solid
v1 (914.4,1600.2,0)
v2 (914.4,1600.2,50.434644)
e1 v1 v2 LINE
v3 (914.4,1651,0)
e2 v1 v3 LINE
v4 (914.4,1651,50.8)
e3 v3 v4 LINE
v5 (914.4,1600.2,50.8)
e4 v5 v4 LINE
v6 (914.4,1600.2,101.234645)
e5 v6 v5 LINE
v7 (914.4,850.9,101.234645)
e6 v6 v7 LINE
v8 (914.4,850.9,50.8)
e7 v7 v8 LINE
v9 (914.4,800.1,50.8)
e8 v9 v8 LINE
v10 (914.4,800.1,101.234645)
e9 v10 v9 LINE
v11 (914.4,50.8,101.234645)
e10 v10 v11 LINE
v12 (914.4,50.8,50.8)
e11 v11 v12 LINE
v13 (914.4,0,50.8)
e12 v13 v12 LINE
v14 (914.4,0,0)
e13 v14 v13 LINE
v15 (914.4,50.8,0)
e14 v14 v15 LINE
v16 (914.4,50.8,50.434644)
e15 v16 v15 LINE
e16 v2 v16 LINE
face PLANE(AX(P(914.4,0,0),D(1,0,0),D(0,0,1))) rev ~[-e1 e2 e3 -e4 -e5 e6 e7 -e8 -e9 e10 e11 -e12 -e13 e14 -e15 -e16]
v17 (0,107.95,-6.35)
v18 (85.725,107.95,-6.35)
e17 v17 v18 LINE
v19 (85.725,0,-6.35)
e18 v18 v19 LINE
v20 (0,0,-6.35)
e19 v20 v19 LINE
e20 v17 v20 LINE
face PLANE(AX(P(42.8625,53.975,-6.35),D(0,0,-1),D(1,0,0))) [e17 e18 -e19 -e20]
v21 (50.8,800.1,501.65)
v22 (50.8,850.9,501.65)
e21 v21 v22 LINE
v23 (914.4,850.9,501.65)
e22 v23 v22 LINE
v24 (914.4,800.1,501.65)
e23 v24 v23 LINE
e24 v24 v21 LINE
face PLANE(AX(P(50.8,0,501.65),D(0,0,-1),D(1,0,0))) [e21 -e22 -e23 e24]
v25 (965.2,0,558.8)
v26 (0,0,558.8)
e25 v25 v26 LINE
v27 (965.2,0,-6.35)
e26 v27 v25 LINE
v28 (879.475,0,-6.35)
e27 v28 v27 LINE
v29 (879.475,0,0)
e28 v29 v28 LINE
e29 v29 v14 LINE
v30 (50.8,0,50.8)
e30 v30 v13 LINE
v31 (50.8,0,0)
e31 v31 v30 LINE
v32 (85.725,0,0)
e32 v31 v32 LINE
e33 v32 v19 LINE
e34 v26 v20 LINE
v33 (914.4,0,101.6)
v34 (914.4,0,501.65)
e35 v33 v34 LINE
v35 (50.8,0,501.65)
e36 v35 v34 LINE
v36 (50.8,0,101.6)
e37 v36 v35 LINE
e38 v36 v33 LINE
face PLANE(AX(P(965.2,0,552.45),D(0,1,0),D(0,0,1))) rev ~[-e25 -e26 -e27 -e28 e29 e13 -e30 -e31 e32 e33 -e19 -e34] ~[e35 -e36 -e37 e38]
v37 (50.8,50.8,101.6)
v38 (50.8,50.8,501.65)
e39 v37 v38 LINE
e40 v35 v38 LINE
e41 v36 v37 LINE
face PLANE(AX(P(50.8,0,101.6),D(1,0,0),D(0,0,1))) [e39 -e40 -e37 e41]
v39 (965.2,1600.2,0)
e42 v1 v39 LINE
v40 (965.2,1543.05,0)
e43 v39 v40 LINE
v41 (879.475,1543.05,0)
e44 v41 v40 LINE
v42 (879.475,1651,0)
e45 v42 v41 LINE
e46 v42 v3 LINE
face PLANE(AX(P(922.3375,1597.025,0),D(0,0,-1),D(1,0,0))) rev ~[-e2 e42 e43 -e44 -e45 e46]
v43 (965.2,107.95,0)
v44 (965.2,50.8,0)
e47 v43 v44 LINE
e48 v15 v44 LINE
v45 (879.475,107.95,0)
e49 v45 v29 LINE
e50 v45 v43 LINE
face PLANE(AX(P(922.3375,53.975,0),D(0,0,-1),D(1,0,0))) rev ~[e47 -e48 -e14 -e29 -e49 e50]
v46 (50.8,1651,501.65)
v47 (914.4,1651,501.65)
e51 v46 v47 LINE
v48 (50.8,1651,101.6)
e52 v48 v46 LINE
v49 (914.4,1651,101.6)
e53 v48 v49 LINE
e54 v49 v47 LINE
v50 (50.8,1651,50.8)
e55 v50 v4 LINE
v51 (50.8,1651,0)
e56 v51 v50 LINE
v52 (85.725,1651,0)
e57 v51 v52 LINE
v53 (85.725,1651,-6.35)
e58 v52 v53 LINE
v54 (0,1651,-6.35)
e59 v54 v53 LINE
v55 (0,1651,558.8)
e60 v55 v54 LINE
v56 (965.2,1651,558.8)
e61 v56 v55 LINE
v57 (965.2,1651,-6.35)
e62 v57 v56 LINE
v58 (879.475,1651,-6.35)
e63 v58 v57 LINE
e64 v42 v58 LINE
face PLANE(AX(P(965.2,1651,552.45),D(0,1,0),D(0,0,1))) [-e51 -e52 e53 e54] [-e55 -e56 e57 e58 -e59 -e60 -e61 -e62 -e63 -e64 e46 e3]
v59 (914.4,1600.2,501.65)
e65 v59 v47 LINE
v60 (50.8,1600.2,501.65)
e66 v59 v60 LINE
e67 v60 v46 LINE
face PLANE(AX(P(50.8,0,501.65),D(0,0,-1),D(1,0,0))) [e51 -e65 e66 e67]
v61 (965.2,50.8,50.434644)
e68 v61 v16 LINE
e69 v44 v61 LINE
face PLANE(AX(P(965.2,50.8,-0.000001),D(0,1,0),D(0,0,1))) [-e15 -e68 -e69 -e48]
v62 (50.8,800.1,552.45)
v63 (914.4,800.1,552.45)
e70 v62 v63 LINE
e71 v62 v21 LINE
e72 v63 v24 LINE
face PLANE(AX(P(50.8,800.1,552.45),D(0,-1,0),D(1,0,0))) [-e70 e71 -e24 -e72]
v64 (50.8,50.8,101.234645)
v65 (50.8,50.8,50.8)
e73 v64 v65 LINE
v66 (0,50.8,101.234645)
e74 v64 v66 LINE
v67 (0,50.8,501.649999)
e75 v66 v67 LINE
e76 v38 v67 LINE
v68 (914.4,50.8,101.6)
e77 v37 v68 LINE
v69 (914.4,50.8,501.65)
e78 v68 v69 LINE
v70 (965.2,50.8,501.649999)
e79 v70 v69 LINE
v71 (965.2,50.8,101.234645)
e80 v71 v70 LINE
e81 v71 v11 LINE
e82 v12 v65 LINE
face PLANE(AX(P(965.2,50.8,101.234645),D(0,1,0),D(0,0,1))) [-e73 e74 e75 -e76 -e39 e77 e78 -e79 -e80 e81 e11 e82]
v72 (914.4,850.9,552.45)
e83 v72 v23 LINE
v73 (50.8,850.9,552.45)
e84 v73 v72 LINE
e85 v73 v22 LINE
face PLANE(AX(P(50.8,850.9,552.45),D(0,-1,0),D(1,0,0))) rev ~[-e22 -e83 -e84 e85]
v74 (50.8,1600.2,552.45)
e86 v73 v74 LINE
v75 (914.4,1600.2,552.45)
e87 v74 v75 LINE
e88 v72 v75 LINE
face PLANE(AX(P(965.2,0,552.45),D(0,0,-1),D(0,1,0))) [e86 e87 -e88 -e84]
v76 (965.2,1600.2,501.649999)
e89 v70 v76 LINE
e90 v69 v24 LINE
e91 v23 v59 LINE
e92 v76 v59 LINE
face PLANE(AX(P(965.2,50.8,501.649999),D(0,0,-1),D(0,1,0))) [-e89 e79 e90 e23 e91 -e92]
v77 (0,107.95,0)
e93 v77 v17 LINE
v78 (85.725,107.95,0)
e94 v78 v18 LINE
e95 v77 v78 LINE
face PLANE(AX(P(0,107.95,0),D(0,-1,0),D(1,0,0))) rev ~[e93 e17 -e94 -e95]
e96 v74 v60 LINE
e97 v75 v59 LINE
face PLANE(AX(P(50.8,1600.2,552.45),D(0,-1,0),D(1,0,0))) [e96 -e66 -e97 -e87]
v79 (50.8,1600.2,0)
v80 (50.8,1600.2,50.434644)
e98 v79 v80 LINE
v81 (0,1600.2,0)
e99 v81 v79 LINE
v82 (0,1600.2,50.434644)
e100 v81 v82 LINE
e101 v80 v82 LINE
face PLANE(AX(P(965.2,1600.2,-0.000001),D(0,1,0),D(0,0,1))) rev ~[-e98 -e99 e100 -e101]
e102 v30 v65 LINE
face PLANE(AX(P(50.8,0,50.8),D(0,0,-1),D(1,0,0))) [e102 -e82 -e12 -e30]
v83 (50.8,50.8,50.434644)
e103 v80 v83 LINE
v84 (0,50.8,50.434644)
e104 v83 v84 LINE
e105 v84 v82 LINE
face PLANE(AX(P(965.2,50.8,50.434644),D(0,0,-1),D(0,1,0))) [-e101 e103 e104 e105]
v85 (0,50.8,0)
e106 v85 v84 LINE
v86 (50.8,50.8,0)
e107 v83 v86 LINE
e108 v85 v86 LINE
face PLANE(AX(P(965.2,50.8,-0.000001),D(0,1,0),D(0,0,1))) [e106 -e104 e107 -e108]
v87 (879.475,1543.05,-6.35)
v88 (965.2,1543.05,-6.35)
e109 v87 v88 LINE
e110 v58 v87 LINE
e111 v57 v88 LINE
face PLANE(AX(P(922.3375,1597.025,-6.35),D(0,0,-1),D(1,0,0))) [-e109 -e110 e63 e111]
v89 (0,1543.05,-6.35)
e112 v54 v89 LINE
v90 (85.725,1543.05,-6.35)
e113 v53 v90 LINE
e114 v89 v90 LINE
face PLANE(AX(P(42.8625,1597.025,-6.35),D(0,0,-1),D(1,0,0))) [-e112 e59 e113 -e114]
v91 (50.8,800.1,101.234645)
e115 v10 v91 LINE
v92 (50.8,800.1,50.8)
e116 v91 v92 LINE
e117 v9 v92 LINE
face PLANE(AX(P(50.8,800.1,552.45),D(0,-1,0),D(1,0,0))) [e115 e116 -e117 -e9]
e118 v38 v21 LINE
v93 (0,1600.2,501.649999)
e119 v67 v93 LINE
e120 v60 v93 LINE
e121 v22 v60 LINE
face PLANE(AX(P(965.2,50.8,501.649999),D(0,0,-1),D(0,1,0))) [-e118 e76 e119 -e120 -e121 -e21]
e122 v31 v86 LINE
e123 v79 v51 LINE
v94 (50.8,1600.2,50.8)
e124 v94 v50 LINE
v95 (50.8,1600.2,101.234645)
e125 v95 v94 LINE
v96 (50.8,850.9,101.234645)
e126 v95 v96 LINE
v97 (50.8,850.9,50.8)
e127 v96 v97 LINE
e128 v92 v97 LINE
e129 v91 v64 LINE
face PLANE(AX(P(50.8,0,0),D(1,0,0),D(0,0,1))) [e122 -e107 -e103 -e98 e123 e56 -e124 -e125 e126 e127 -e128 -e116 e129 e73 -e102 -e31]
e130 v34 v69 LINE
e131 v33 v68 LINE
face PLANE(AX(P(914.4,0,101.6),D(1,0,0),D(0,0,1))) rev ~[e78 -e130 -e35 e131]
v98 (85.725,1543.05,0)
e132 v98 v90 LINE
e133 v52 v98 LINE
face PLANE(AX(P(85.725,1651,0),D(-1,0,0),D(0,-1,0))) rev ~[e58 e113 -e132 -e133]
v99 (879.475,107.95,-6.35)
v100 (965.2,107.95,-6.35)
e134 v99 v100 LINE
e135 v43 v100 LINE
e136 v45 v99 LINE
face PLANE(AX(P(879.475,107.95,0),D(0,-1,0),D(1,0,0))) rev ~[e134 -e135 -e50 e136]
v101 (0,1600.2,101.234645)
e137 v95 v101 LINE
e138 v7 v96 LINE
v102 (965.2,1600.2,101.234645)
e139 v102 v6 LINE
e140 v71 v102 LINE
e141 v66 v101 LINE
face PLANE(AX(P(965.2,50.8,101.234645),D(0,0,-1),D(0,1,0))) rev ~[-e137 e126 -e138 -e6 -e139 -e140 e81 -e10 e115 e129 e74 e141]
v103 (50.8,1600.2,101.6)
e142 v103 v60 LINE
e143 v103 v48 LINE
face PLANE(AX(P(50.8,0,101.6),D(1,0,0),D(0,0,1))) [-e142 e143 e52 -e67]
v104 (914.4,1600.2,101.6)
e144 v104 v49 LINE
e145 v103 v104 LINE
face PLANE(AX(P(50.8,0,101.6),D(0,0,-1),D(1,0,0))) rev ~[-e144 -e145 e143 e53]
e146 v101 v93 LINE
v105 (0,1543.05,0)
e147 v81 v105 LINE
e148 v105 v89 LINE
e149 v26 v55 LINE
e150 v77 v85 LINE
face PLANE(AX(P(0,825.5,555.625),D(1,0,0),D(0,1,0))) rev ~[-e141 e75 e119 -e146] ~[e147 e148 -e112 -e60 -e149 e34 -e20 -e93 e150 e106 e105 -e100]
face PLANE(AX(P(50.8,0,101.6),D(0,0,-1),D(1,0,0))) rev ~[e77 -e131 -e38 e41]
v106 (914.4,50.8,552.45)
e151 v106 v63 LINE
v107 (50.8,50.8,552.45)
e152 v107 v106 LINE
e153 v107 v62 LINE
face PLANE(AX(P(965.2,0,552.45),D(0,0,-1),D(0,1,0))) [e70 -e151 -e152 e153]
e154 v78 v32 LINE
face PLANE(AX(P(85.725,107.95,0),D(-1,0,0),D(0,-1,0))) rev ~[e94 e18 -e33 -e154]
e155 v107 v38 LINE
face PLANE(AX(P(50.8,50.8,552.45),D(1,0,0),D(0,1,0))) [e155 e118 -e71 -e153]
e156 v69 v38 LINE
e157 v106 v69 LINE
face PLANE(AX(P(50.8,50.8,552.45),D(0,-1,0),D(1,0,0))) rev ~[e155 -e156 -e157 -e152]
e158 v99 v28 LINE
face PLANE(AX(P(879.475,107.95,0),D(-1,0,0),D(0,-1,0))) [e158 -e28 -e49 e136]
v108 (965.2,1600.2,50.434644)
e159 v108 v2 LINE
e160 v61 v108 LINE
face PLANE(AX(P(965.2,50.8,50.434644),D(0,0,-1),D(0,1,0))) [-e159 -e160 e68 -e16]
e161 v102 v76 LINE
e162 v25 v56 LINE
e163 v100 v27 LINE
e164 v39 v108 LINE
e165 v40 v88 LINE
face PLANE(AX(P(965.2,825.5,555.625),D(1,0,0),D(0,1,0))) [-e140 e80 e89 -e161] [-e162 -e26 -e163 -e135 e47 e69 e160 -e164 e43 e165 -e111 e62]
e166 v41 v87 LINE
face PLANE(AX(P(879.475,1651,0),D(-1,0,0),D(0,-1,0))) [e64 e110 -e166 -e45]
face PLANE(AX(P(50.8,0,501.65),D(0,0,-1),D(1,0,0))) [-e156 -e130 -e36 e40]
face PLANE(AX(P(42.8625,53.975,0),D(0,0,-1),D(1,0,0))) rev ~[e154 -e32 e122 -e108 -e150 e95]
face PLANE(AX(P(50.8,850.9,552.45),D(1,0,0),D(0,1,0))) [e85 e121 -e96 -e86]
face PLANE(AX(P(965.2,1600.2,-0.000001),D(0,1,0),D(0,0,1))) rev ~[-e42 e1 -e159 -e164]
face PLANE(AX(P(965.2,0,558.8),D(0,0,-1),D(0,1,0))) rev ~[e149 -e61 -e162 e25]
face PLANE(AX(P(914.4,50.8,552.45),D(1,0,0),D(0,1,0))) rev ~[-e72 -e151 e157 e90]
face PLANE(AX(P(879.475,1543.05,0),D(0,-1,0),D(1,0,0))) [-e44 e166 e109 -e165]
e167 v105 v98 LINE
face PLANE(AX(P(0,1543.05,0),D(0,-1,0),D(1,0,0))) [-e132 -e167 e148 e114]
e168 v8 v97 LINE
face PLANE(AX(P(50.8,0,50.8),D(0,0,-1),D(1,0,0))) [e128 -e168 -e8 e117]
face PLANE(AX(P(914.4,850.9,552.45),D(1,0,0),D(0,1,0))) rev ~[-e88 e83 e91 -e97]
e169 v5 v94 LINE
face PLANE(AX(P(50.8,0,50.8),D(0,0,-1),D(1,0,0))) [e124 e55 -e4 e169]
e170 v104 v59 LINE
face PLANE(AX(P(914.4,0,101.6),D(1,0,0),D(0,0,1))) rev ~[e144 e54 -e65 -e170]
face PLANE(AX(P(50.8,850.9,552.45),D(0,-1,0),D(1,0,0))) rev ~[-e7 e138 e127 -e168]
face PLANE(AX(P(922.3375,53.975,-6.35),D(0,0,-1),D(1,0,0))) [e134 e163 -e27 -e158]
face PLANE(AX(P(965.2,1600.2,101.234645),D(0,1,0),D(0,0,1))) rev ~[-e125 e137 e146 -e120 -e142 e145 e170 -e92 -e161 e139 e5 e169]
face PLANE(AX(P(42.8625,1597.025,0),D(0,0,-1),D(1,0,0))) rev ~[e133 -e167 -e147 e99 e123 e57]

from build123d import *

# Parameters (mm, degrees)
F0_W      = 965.2
F0_H      = 552.45
F1_DEPTH  = 1651
F2_W      = 863.6
F2_H      = 50.8
F2_H_2    = 400.05
F3_DEPTH  = 1651
F4_W      = 1549.4
F4_H      = 50.434645
F4_H_2    = 400.415355
F5_DEPTH  = 965.2
F6_W      = 863.6
F6_H      = 749.3
F7_DEPTH  = 508
F8_W      = 85.725
F8_H      = 107.95
F9_DEPTH  = 6.35
F10_W     = 1651
F10_H     = 6.35
F11_DEPTH = 965.2


with BuildPart() as f1:
    # F0 (on Front) → F1 (new body)
    with BuildSketch(Plane.XZ):
        with Locations((482.6, 276.225)):
            Rectangle(F0_W, F0_H)
    extrude(amount=-F1_DEPTH)

    # F2 (on face) → F3 (cut, through all)
    with BuildSketch(Plane.XZ):
        with Locations((482.6, 25.4)):
            Rectangle(F2_W, F2_H)
        with Locations((482.6, 301.625)):
            Rectangle(F2_W, F2_H_2)
    extrude(amount=-F3_DEPTH, mode=Mode.SUBTRACT)

    # F4 (on face) → F5 (cut, through all)
    with BuildSketch(Plane.YZ.offset(965.2)):
        with Locations((825.5, 25.217322)):
            Rectangle(F4_W, F4_H)
        with Locations((825.5, 301.442322)):
            Rectangle(F4_W, F4_H_2)
    extrude(amount=-F5_DEPTH, mode=Mode.SUBTRACT)

    # F6 (on face) → F7 (cut)
    with BuildSketch(Plane.XY.offset(552.45)):
        with Locations((482.6, 425.45)):
            Rectangle(F6_W, F6_H)
        with Locations((482.6, 1225.55)):
            Rectangle(F6_W, F6_H)
    extrude(amount=-F7_DEPTH, mode=Mode.SUBTRACT)

    # F8 (on face) → F9 (join)
    with BuildSketch(Plane(origin=(0, 0, 0), x_dir=(1, 0, 0), z_dir=(0, 0, -1))):
        with Locations((922.3375, -1597.025)):
            Rectangle(F8_W, F8_H)
        with Locations((42.8625, -1597.025)):
            Rectangle(F8_W, F8_H)
        with Locations((922.3375, -53.975)):
            Rectangle(F8_W, F8_H)
        with Locations((42.8625, -53.975)):
            Rectangle(F8_W, F8_H)
    extrude(amount=F9_DEPTH)

    # F10 (on face) → F11 (join)
    with BuildSketch(Plane.YZ.offset(965.2)):
        with Locations((825.5, 555.625)):
            Rectangle(F10_W, F10_H)
    extrude(amount=-F11_DEPTH)


solid = f1.part
